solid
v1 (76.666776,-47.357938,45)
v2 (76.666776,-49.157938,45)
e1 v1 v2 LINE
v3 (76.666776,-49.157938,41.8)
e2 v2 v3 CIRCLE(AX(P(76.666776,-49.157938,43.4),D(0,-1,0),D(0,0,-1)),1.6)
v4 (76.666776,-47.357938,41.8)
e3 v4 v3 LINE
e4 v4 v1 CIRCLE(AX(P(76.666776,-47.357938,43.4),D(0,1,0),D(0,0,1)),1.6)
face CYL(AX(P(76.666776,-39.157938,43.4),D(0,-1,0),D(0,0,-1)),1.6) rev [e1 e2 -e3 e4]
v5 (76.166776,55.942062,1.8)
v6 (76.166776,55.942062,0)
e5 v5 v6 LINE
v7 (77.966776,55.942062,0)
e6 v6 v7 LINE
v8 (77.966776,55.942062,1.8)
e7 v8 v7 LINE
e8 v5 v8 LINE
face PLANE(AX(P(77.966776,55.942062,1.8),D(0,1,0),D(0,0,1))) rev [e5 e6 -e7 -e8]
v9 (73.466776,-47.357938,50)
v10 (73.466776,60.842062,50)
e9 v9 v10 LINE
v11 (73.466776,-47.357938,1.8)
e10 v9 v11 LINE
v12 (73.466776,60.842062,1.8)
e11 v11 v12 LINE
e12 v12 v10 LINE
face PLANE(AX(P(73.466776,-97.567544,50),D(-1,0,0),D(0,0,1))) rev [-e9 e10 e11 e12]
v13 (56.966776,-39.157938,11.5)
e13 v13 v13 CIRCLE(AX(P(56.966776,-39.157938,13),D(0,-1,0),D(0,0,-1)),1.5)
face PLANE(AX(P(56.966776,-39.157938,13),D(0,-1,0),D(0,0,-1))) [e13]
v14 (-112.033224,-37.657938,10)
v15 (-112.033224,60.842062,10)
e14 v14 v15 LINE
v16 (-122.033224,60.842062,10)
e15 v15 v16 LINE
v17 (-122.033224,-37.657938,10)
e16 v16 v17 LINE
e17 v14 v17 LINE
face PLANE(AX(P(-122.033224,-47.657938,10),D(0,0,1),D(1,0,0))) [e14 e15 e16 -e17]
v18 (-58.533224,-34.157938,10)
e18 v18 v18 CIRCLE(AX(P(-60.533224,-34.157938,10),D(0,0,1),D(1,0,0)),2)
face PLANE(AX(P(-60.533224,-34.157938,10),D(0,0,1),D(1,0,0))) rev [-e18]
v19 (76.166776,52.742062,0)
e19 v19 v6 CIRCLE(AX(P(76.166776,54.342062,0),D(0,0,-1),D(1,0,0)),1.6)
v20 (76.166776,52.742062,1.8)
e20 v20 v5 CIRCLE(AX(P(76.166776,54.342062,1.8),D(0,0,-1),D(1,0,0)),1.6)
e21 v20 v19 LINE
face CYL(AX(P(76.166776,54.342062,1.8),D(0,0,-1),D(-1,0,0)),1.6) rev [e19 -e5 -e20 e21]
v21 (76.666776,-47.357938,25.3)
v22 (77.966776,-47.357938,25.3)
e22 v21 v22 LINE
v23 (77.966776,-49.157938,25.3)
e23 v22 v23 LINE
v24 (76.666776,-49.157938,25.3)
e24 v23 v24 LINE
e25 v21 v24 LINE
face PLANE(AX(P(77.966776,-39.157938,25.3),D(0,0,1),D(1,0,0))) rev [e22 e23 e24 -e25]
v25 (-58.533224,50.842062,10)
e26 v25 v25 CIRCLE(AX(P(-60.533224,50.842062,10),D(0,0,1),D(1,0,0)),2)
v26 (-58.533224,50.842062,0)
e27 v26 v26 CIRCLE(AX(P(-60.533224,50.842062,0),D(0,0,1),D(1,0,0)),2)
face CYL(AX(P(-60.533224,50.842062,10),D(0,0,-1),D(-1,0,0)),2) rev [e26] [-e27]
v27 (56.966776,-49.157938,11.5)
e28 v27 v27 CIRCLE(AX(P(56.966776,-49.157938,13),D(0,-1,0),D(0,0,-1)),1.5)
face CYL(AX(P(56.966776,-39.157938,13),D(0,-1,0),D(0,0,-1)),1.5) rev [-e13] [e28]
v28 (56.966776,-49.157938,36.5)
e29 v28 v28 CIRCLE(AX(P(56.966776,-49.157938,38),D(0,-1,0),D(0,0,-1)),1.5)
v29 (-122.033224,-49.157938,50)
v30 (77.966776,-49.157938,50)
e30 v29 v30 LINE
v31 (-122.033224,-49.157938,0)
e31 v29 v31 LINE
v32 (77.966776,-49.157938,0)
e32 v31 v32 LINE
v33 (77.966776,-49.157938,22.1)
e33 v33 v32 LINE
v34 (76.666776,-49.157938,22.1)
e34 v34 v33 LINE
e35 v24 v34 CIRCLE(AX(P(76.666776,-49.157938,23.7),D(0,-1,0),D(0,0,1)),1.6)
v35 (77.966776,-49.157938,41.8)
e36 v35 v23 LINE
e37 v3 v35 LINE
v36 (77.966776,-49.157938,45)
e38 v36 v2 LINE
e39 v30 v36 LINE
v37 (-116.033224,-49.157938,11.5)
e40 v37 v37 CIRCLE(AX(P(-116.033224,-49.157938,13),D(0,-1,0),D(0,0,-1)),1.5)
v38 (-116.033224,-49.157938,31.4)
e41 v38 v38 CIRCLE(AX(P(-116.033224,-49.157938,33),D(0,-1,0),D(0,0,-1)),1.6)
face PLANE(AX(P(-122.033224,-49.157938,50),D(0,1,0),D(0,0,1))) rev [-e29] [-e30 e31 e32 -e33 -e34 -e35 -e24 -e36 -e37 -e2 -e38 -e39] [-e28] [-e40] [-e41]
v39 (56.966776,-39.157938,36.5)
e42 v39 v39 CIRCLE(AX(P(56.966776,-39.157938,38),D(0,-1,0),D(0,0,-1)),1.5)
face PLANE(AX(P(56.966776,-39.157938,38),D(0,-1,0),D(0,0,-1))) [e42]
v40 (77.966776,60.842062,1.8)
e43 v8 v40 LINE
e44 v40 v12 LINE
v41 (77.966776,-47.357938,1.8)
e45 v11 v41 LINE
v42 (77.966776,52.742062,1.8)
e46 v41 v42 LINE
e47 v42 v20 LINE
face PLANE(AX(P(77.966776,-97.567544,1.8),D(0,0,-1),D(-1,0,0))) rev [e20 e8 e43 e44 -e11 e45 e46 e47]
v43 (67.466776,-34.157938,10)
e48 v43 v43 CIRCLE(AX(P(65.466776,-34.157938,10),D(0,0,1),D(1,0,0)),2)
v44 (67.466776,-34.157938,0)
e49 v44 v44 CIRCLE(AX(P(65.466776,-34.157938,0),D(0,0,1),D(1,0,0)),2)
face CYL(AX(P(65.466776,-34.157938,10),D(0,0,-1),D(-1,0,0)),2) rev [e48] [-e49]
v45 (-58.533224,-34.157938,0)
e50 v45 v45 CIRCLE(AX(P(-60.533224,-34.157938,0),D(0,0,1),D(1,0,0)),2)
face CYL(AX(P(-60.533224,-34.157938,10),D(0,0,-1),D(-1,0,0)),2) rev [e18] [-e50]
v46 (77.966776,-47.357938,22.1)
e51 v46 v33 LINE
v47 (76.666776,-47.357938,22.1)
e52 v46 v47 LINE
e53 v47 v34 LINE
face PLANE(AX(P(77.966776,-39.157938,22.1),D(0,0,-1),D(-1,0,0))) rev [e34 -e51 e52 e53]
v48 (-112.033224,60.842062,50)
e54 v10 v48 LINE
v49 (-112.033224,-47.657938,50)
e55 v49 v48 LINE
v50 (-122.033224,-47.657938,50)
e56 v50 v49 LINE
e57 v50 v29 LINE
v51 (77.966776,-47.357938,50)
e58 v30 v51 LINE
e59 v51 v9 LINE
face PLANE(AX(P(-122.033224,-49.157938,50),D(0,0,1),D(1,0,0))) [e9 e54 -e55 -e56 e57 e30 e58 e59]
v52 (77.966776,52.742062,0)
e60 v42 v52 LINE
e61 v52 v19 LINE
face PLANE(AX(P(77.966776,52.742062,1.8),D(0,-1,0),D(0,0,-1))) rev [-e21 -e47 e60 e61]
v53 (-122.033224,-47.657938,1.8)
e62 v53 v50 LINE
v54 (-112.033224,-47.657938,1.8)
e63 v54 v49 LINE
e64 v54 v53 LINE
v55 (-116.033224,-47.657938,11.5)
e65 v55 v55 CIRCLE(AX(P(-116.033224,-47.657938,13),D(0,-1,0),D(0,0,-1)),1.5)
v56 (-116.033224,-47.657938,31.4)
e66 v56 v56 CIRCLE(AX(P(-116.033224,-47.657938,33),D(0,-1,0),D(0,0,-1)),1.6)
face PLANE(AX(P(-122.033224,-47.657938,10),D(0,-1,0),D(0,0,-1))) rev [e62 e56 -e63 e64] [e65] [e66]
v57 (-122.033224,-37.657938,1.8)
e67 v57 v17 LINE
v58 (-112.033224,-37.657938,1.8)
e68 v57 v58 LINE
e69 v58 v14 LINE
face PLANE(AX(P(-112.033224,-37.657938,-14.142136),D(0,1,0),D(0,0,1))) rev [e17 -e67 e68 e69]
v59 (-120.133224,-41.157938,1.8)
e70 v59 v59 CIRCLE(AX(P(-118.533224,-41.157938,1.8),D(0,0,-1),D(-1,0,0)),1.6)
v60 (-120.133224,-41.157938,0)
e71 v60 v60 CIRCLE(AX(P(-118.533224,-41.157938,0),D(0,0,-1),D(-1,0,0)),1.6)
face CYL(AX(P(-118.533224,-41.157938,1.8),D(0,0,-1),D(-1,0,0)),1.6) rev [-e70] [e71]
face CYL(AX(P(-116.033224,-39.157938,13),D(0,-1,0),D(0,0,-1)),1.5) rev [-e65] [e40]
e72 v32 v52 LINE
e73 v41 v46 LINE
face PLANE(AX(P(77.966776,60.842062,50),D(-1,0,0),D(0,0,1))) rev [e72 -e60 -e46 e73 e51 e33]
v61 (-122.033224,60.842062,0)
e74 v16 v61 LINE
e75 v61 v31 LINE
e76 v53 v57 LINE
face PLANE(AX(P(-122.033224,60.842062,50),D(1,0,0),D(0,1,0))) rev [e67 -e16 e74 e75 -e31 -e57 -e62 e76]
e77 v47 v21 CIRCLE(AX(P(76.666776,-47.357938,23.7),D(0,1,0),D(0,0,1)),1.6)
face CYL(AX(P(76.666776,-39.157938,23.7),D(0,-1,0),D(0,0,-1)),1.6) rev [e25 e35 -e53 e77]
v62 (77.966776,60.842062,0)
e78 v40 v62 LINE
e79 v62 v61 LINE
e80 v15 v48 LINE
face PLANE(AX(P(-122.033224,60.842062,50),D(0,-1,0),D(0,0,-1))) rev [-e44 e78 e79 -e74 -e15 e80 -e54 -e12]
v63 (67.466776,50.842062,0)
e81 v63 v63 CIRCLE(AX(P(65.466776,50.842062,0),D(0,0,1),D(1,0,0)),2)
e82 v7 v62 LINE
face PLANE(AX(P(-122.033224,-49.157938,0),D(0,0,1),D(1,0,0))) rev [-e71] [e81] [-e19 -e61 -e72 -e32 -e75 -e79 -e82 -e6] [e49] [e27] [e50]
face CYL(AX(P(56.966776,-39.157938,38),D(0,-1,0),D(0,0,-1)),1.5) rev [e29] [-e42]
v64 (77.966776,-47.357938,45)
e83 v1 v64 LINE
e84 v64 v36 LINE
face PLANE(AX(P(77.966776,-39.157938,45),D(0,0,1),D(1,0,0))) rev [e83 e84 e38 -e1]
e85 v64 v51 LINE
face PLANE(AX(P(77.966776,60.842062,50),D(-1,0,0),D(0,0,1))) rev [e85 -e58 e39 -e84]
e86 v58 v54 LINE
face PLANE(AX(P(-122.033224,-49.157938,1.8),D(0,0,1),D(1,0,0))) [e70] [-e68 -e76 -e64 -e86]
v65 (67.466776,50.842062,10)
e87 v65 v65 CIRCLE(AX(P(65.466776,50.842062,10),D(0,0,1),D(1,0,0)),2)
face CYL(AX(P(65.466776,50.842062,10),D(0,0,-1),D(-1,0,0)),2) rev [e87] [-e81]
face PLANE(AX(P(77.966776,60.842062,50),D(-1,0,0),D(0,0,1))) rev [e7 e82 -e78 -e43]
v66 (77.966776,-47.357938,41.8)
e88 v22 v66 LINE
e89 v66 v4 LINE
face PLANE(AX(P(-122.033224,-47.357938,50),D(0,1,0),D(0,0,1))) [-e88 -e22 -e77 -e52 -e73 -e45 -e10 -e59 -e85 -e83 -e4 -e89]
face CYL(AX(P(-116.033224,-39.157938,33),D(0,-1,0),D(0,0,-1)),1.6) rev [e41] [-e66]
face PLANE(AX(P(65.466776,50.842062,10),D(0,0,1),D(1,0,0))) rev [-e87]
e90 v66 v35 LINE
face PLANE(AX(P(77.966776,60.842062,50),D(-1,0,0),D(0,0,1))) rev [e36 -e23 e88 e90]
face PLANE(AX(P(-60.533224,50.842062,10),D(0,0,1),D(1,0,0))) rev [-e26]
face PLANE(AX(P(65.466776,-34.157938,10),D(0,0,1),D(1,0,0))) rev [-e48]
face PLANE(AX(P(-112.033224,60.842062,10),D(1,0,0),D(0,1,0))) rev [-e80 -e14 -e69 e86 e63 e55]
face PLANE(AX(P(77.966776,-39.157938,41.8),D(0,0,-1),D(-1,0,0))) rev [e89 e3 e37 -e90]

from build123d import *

# Parameters (mm, degrees)
SKETCH_1_W          = 200
SKETCH_1_H          = 110
EXTRUDE_1_DEPTH     = 50
SKETCH_2_R          = 2
CUT_EXTRUDE_1_DEPTH = 10
SKETCH_3_W          = 10
SKETCH_3_H          = 108.5
CUT_EXTRUDE_2_DEPTH = 40
SKETCH_6_W          = 4.5
SKETCH_6_H          = 48.2
CUT_EXTRUDE_5_DEPTH = 108.2
SKETCH_4_R          = 1.5
CUT_EXTRUDE_3_DEPTH = 10
SKETCH_5_R          = 1.6
CUT_EXTRUDE_4_DEPTH = 10
SKETCH_7_W          = 10
SKETCH_7_H          = 10
CUT_EXTRUDE_6_DEPTH = 8.2
SKETCH_8_R          = 1.6
CUT_EXTRUDE_7_DEPTH = 1.8


with BuildPart() as part:
    # 草图1 → 拉伸1 (new body)
    with BuildSketch(Plane.XY):
        with Locations((-22.033224223, 5.842062193)):
            Rectangle(SKETCH_1_W, SKETCH_1_H)
    extrude(amount=EXTRUDE_1_DEPTH)

    # 草图2 → 切除-拉伸1 (cut)
    with BuildSketch(Plane.XY):
        with Locations((-60.533224223, 50.842062193)):
            Circle(SKETCH_2_R)
        with Locations((65.466775777, 50.842062193)):
            Circle(SKETCH_2_R)
        with Locations((-60.533224223, -34.157937807)):
            Circle(SKETCH_2_R)
        with Locations((65.466775777, -34.157937807)):
            Circle(SKETCH_2_R)
    extrude(amount=CUT_EXTRUDE_1_DEPTH, mode=Mode.SUBTRACT)

    # 草图3 → 切除-拉伸2 (cut)
    with BuildSketch(Plane.XY.offset(50)):
        with Locations((-117.033224223, 6.592062193)):
            Rectangle(SKETCH_3_W, SKETCH_3_H)
    extrude(amount=-CUT_EXTRUDE_2_DEPTH, mode=Mode.SUBTRACT)

    # 草图6 → 切除-拉伸5 (cut)
    with BuildSketch(Plane(origin=(0, 60.842062193, 0), x_dir=(-1, 0, 0), z_dir=(0, 1, 0))):
        with Locations((-75.716775777, 25.9)):
            Rectangle(SKETCH_6_W, SKETCH_6_H)
    extrude(amount=-CUT_EXTRUDE_5_DEPTH, mode=Mode.SUBTRACT)

    # 草图4 → 切除-拉伸3 (cut)
    with BuildSketch(Plane.XZ.offset(49.157937807)):
        with Locations(Location((-116.033224223, 13, 0), (0, 0, 270))):
            Circle(SKETCH_4_R)
        with Locations(Location((56.966775777, 13, 0), (0, 0, 270))):
            Circle(SKETCH_4_R)
        with Locations(Location((56.966775777, 38, 0), (0, 0, 270))):
            Circle(SKETCH_4_R)
    extrude(amount=-CUT_EXTRUDE_3_DEPTH, mode=Mode.SUBTRACT)

    # 草图5 → 切除-拉伸4 (cut)
    with BuildSketch(Plane.XZ.offset(49.157937807)):
        with Locations(Location((-116.033224223, 33, 0), (0, 0, 270))):
            Circle(SKETCH_5_R)
        with BuildLine():
            Line((77.966775777, 45), (77.966775777, 41.8))
            Line((77.966775777, 41.8), (76.666775777, 41.8))
            ThreePointArc((76.666775777, 41.8), (75.066775777, 43.4), (76.666775777, 45))
            Line((76.666775777, 45), (77.966775777, 45))
        make_face()
        with BuildLine():
            Line((77.966775777, 22.1), (76.666775777, 22.1))
            ThreePointArc((76.666775777, 22.1), (75.066775777, 23.7), (76.666775777, 25.3))
            Line((76.666775777, 25.3), (77.966775777, 25.3))
            Line((77.966775777, 25.3), (77.966775777, 22.1))
        make_face()
    extrude(amount=-CUT_EXTRUDE_4_DEPTH, mode=Mode.SUBTRACT)

    # 草图7 → 切除-拉伸6 (cut)
    with BuildSketch(Plane.XY.offset(10)):
        with Locations((-117.033224223, -42.657937807)):
            Rectangle(SKETCH_7_W, SKETCH_7_H)
    extrude(amount=-CUT_EXTRUDE_6_DEPTH, mode=Mode.SUBTRACT)

    # 草图8 → 切除-拉伸7 (cut)
    with BuildSketch(Plane(origin=(0, 0, 0), x_dir=(-1, 0, 0), z_dir=(0, 0, -1))):
        with Locations((118.533224223, -41.157937807)):
            Circle(SKETCH_8_R)
        with BuildLine():
            Line((-77.966775777, 55.942062193), (-76.166775777, 55.942062193))
            ThreePointArc((-76.166775777, 55.942062193), (-74.566775777, 54.342062193), (-76.166775777, 52.742062193))
            Line((-76.166775777, 52.742062193), (-77.966775777, 52.742062193))
            Line((-77.966775777, 52.742062193), (-77.966775777, 55.942062193))
        make_face()
    extrude(amount=-CUT_EXTRUDE_7_DEPTH, mode=Mode.SUBTRACT)


solid = part.part
